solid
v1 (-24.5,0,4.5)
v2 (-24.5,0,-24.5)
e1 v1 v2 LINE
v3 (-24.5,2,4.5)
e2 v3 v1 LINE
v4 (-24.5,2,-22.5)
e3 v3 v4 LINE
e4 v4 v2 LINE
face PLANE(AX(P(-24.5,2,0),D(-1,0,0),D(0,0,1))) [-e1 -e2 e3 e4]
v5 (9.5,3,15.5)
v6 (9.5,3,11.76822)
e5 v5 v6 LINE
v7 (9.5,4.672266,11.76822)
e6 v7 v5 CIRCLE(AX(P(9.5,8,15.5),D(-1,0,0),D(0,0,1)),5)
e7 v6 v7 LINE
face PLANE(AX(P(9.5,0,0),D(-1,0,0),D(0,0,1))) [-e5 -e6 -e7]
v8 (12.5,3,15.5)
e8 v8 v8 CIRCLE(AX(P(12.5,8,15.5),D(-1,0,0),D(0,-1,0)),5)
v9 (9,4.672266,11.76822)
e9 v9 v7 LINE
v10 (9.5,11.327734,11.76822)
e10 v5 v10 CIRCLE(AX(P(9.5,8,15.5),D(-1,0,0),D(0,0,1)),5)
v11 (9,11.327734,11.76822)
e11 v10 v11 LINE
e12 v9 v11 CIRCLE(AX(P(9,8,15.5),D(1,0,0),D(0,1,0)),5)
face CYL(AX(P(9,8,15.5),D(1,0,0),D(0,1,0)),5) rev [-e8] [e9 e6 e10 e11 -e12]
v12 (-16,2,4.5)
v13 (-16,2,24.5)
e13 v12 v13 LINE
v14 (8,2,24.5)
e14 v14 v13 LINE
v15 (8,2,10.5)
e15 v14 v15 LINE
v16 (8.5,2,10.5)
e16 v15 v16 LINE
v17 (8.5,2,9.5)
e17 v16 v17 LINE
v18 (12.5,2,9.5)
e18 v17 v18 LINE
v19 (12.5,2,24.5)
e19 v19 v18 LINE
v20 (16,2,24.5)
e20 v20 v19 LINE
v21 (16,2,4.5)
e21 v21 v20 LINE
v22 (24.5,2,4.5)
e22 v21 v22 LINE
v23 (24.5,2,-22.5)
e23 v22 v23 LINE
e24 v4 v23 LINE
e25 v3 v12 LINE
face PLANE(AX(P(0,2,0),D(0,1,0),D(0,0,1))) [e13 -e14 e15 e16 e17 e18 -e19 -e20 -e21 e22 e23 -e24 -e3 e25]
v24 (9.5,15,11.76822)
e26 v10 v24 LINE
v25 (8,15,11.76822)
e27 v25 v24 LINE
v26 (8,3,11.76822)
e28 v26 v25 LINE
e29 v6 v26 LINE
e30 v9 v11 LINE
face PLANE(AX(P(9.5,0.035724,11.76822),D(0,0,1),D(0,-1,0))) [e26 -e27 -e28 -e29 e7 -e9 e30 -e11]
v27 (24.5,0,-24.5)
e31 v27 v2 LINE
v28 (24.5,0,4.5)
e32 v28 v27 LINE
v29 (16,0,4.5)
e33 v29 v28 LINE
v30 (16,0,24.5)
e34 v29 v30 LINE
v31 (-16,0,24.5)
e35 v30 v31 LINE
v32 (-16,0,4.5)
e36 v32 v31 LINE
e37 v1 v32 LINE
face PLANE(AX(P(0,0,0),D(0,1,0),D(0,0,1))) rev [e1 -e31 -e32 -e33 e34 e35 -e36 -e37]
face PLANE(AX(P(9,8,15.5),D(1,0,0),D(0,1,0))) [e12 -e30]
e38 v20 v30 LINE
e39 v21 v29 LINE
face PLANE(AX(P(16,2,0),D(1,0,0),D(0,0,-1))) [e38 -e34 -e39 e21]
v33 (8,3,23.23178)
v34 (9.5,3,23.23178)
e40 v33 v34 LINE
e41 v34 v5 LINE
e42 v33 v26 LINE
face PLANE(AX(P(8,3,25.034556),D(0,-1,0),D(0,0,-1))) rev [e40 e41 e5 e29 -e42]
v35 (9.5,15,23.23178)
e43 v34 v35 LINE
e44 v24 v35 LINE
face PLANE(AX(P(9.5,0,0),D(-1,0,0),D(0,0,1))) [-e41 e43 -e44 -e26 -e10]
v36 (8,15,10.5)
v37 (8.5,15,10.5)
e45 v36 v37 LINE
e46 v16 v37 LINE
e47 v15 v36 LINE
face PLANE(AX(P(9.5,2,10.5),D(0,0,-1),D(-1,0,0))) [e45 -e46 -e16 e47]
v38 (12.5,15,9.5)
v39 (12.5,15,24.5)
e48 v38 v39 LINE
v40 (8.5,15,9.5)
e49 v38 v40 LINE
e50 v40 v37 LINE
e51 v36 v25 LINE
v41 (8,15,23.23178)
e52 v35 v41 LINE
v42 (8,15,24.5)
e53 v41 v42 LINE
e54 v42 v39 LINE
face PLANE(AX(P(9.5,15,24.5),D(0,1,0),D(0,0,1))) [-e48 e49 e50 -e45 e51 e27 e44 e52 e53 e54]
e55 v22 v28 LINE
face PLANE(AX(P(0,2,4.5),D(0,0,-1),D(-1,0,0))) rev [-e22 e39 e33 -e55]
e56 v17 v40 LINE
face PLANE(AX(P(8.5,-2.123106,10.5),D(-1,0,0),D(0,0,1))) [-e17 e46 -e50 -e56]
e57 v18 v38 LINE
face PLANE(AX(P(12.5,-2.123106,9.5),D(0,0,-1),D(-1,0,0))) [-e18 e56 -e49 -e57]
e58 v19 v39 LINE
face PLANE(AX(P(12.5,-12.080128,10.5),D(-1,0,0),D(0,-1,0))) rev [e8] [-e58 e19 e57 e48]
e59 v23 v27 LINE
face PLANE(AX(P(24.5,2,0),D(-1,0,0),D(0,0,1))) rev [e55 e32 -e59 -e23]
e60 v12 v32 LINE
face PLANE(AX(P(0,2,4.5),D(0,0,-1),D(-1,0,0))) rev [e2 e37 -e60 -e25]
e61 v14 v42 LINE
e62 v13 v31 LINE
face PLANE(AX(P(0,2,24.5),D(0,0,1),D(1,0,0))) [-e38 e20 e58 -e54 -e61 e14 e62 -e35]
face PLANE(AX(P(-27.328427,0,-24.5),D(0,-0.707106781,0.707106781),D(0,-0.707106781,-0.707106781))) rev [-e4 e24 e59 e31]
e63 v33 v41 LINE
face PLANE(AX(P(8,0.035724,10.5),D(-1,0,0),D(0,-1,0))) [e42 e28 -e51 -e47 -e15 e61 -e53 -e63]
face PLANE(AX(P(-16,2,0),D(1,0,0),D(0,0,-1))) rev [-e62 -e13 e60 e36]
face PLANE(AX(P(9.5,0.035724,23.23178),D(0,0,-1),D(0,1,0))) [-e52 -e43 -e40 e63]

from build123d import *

# Parameters (mm, degrees)
EXTRUDE_1_DEPTH     = 2
EXTRUDE_START       = -2
SKETCH_2_W          = 14
SKETCH_2_H          = 13
SKETCH_2_R          = 1.5
EXTRUDE_2_DEPTH     = 4.5
SKETCH_3_W          = 1.5
SKETCH_3_H          = 1.268219588
EXTRUDE_3_DEPTH     = 13
SKETCH_4_W          = 1.5
SKETCH_4_H          = 1
EXTRUDE_4_DEPTH     = 11.463560824
CUT_EXTRUDE_1_REACH = 39.756
SKETCH_5_W          = 1.5
SKETCH_5_H          = 14
SKETCH_7_W          = 4
SKETCH_7_H          = 1
EXTRUDE_5_DEPTH     = 13
CUT_EXTRUDE_START   = 0.5
SKETCH_6_R          = 5
CUT_EXTRUDE_2_DEPTH = 4
CUT_EXTRUDE_3_DEPTH = 49


with BuildPart() as part:
    # Эскиз1 → Бобышка-Вытянуть1 (new body)
    with BuildSketch(Plane(origin=(0, 0, 0), x_dir=(1, 0, 0), z_dir=(0, 1, 0))):
        Polygon((16, -4.5), (16, -24.5), (-16, -24.5), (-16, -4.5), (-24.5, -4.5), (-24.5, 24.5), (24.5, 24.5), (24.5, -4.5), align=None)
    extrude(amount=EXTRUDE_1_DEPTH)

    # Эскиз2 → Бобышка-Вытянуть2 (add)
    with BuildSketch(Plane(origin=(16, 0, 0), x_dir=(0, 0, -1), z_dir=(1, 0, 0)).offset(EXTRUDE_START)):
        with Locations((-17.5, 8.5)):
            Rectangle(SKETCH_2_W, SKETCH_2_H)
        with Locations((-15.5, 8)):
            Circle(SKETCH_2_R, mode=Mode.SUBTRACT)
    extrude(amount=-EXTRUDE_2_DEPTH)

    # Эскиз3 → Бобышка-Вытянуть3 (add)
    with BuildSketch(Plane(origin=(0, 15, 0), x_dir=(1, 0, 0), z_dir=(0, 1, 0))):
        with Locations((8.75, -11.134109794)):
            Rectangle(SKETCH_3_W, SKETCH_3_H)
        with Locations((8.75, -23.865890206)):
            Rectangle(SKETCH_3_W, SKETCH_3_H)
    extrude(amount=-EXTRUDE_3_DEPTH)

    # Эскиз4 → Бобышка-Вытянуть4 (add)
    with BuildSketch(Plane.XY.offset(11.768219588)):
        with Locations((8.75, 2.5)):
            Rectangle(SKETCH_4_W, SKETCH_4_H)
    extrude(amount=EXTRUDE_4_DEPTH)

    # Вырез-Вытянуть1: up to this face of the body (flat: up to its plane)
    cut_extrude_1_end = Plane(part.part.faces().sort_by_distance((-0.46737481, 2, -3.237228123))[0])
    # Эскиз5 → Вырез-Вытянуть1 (cut, up to the picked face)
    with BuildSketch(Plane(origin=(0, 15, 0), x_dir=(1, 0, 0), z_dir=(0, 1, 0)), mode=Mode.PRIVATE) as cut_extrude_1_sk1:
        with Locations((13.25, -17.5)):
            Rectangle(SKETCH_5_W, SKETCH_5_H)
    cut_extrude_1_tool1 = split(extrude(cut_extrude_1_sk1.sketch, amount=-CUT_EXTRUDE_1_REACH, mode=Mode.PRIVATE), bisect_by=cut_extrude_1_end, keep=Keep.BOTH, mode=Mode.PRIVATE)
    add(cut_extrude_1_tool1.solids().sort_by(Axis((13.25, 15, 17.5), (0, -1, 0)))[0], mode=Mode.SUBTRACT)

    # Эскиз7 → Бобышка-Вытянуть5 (add)
    with BuildSketch(Plane(origin=(0, 15, 0), x_dir=(1, 0, 0), z_dir=(0, 1, 0))):
        with Locations((10.5, -10)):
            Rectangle(SKETCH_7_W, SKETCH_7_H)
    extrude(amount=-EXTRUDE_5_DEPTH)

    # Эскиз6 → Вырез-Вытянуть2 (cut)
    with BuildSketch(Plane(origin=(12.5, 0, 0), x_dir=(0, 0, -1), z_dir=(1, 0, 0)).offset(CUT_EXTRUDE_START)):
        with Locations(Location((-15.5, 8, 0), (0, 0, 270))):
            Circle(SKETCH_6_R)
    extrude(amount=-CUT_EXTRUDE_2_DEPTH, mode=Mode.SUBTRACT)

    # Эскиз8 → Вырез-Вытянуть3 (cut)
    with BuildSketch(Plane(origin=(24.5, 0, 0), x_dir=(0, 0, -1), z_dir=(1, 0, 0))):
        Polygon((24.5, 0), (22.5, 2), (24.5, 2), align=None)
    extrude(amount=-CUT_EXTRUDE_3_DEPTH, mode=Mode.SUBTRACT)


solid = part.part
